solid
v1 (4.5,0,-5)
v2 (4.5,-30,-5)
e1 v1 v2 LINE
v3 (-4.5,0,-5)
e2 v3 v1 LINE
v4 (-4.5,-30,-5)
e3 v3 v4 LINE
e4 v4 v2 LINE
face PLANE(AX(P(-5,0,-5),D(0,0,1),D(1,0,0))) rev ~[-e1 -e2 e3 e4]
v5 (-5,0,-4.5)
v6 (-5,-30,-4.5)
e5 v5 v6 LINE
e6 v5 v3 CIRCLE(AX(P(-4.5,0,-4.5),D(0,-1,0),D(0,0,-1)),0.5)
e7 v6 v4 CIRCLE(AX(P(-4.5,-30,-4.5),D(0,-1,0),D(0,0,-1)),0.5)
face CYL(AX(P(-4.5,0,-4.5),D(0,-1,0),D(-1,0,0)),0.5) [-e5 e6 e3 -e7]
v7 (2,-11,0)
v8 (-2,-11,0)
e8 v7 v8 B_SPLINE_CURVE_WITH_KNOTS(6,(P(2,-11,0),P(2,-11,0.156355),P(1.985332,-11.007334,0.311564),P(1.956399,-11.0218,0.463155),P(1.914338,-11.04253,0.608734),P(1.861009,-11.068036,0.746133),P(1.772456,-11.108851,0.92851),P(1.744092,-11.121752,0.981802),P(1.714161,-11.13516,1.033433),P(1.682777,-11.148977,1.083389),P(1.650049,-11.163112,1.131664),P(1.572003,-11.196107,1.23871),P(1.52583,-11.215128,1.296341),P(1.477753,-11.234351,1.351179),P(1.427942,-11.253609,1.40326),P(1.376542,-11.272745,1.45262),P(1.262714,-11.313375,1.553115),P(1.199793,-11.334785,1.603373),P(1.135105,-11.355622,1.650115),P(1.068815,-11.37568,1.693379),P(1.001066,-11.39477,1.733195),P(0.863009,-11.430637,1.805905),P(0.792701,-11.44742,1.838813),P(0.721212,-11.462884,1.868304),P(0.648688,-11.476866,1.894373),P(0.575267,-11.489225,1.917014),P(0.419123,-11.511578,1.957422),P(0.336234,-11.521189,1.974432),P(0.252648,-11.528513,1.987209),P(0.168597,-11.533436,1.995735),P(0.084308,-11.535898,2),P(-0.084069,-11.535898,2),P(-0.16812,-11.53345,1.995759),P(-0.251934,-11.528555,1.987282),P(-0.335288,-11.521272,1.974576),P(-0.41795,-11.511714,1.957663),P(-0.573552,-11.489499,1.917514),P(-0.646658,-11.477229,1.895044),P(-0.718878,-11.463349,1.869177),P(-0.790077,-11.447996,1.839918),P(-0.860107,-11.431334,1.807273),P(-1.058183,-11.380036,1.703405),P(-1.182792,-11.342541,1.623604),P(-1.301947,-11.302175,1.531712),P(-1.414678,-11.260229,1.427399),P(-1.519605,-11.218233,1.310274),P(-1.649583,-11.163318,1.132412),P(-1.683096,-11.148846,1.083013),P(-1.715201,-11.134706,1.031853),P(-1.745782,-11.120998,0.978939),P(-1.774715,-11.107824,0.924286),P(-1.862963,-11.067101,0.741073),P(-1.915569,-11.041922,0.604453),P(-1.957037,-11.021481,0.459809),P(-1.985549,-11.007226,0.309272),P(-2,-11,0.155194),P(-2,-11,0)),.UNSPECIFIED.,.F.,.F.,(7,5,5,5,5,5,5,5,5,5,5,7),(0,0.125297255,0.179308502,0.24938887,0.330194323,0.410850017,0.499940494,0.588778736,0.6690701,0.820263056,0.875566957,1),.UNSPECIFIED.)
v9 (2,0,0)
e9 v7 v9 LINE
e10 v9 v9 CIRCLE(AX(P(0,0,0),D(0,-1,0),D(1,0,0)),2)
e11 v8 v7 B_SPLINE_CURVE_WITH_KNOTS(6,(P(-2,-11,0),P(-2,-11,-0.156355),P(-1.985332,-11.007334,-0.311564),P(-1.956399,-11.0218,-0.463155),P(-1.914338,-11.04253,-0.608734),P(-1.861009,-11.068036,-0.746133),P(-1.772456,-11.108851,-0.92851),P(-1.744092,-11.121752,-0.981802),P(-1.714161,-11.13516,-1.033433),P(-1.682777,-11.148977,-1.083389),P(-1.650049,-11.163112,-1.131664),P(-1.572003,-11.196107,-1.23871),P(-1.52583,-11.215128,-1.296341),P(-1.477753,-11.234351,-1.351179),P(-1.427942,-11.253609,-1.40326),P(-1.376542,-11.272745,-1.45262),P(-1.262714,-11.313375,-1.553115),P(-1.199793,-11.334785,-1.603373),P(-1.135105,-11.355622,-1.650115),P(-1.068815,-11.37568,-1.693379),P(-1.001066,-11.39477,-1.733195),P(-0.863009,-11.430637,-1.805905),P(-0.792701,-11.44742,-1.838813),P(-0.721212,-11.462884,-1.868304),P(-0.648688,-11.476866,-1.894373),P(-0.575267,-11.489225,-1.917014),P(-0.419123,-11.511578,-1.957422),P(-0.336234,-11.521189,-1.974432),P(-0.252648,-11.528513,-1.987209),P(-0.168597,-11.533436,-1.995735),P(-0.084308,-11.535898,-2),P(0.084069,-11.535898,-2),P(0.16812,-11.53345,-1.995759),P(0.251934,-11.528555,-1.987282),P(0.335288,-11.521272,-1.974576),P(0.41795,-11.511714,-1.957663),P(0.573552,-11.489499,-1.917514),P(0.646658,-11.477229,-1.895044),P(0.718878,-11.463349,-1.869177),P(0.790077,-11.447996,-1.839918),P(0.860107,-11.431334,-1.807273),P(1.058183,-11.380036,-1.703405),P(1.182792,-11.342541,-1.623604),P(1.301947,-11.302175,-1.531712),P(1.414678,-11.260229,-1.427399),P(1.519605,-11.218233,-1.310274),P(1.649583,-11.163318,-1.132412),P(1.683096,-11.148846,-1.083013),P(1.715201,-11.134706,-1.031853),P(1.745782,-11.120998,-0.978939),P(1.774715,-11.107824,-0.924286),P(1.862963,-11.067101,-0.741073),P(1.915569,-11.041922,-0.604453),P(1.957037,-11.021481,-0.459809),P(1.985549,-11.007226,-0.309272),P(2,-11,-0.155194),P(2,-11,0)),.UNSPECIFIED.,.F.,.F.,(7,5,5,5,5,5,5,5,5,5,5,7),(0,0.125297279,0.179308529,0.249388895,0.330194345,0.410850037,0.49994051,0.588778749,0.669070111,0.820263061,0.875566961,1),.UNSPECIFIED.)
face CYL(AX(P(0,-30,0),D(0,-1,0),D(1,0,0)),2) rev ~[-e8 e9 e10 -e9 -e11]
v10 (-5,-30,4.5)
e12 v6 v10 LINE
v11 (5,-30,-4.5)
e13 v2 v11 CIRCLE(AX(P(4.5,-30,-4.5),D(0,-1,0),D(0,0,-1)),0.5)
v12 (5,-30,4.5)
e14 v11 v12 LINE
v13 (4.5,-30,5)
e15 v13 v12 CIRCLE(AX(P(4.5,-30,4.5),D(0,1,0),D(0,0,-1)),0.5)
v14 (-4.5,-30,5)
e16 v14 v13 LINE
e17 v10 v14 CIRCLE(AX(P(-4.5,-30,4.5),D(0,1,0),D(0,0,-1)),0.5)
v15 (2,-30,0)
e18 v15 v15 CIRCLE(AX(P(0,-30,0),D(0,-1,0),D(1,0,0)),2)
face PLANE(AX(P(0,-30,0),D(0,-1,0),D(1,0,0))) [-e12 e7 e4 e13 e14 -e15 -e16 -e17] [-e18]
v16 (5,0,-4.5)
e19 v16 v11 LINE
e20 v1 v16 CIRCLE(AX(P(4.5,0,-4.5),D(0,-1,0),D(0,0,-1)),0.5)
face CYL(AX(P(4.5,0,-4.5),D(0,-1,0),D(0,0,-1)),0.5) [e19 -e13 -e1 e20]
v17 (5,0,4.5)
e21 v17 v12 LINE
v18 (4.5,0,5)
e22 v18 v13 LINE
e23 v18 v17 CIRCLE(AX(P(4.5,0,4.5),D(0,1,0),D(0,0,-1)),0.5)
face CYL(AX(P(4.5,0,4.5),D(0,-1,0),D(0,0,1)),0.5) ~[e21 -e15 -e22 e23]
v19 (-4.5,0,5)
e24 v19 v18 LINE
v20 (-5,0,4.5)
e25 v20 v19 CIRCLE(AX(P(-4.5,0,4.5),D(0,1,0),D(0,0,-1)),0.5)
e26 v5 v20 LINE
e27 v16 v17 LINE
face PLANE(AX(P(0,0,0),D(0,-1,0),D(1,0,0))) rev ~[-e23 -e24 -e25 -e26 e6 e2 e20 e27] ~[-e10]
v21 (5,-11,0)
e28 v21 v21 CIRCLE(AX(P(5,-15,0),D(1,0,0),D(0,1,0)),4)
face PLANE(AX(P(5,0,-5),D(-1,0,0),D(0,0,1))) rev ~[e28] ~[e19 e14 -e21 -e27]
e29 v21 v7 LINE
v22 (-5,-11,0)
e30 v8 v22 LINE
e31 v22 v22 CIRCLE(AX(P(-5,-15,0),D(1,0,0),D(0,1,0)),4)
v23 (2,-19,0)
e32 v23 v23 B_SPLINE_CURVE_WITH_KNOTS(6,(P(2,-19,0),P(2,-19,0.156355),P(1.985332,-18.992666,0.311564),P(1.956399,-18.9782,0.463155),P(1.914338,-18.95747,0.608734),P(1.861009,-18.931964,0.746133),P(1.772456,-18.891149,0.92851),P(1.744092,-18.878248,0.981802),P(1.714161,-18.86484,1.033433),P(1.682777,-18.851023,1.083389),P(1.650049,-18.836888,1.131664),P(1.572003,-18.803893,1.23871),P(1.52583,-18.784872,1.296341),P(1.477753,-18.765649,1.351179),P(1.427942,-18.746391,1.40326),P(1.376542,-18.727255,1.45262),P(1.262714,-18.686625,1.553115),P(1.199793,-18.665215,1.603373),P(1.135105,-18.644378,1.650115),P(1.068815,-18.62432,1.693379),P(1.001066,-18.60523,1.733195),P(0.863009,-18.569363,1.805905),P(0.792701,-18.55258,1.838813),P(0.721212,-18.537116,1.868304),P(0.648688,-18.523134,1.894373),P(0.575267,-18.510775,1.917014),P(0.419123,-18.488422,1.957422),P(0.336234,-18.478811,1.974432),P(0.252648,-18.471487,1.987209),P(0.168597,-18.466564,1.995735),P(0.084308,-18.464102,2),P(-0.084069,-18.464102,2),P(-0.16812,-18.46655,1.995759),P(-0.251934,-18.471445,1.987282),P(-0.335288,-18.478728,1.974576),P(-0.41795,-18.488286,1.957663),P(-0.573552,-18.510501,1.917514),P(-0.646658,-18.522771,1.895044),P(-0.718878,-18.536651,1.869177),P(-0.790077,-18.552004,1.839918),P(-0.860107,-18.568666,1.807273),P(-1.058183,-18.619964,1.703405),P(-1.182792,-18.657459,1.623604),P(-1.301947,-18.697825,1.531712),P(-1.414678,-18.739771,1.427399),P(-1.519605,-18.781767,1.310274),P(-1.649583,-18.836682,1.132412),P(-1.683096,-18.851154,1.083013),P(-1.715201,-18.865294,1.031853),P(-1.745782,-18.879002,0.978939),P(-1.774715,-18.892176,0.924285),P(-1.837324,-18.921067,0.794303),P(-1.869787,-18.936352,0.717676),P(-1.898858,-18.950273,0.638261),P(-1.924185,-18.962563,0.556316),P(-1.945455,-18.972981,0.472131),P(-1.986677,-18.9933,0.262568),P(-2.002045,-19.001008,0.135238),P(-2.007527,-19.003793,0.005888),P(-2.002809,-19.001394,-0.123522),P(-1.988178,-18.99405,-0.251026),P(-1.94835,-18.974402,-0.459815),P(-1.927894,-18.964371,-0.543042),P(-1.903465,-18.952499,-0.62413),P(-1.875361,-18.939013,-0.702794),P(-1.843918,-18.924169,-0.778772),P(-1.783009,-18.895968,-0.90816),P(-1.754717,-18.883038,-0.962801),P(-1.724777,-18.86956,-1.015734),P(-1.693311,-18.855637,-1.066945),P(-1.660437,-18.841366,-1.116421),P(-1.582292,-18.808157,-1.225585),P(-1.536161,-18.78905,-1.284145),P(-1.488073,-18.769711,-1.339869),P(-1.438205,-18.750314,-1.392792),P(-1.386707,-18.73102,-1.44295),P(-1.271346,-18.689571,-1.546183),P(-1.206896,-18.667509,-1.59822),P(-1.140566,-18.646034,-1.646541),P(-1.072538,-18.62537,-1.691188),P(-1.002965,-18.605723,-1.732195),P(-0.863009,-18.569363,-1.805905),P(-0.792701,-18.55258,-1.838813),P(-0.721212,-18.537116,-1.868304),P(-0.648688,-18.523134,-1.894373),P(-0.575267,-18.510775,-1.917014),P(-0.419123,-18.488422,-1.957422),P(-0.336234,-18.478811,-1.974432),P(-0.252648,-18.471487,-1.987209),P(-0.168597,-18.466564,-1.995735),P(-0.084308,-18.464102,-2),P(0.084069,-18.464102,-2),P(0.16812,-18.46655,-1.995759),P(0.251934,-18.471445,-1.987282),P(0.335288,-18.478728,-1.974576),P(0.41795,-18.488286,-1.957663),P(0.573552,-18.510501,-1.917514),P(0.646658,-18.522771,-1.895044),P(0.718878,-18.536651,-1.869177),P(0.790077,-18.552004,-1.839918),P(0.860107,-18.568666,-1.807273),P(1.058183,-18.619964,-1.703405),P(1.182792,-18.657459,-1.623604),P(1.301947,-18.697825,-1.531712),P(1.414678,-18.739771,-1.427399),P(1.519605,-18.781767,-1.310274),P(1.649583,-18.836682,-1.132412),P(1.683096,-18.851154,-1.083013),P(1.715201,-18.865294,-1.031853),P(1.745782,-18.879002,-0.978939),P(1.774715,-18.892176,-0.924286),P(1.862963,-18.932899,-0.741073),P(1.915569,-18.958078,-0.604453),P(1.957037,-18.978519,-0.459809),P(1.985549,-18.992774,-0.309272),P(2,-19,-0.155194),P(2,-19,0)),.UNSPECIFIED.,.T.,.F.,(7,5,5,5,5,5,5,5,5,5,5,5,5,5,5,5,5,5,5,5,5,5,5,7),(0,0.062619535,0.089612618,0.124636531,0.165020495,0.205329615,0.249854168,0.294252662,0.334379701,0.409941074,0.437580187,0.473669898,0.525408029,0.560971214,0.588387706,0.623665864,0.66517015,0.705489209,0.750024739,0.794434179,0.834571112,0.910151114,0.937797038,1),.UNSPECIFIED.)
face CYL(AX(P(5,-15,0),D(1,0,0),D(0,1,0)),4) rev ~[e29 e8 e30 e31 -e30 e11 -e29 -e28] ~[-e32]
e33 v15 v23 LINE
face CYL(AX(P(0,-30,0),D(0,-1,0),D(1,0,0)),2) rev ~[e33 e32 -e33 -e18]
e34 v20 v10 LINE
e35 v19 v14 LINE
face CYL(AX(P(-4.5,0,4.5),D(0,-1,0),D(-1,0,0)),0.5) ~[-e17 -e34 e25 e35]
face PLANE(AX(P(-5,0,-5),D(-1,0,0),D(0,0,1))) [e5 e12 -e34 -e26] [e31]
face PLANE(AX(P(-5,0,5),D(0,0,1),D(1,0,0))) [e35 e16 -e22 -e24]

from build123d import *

# Parameters (mm, degrees)
F0_W     = 10
F0_H     = 10
F1_DEPTH = 30
F2_R     = 2
F3_DEPTH = 46.4
F4_R     = 4
F5_DEPTH = 25
F6_R     = 0.5


with BuildPart() as f1:
    # F0 (on Front) → F1 (new body)
    with BuildSketch(Plane.XZ):
        Rectangle(F0_W, F0_H)
    extrude(amount=F1_DEPTH)

    # F2 (on face) → F3 (cut)
    with BuildSketch(Plane.XZ.offset(30)):
        Circle(F2_R)
    extrude(amount=-F3_DEPTH, mode=Mode.SUBTRACT)

    # F4 (on face) → F5 (cut)
    with BuildSketch(Plane.YZ.offset(5)):
        with Locations((-15, 0)):
            Circle(F4_R)
    extrude(amount=-F5_DEPTH, mode=Mode.SUBTRACT)

    # F6
    f6_edges = [f1.edges().sort_by_distance(p)[0] for p in [
        (-5, -15, 5),
        (5, -15, -5),
        (5, -15, 5),
        (-5, -15, -5),
    ]]
    fillet(f6_edges, radius=F6_R)


solid = f1.part
